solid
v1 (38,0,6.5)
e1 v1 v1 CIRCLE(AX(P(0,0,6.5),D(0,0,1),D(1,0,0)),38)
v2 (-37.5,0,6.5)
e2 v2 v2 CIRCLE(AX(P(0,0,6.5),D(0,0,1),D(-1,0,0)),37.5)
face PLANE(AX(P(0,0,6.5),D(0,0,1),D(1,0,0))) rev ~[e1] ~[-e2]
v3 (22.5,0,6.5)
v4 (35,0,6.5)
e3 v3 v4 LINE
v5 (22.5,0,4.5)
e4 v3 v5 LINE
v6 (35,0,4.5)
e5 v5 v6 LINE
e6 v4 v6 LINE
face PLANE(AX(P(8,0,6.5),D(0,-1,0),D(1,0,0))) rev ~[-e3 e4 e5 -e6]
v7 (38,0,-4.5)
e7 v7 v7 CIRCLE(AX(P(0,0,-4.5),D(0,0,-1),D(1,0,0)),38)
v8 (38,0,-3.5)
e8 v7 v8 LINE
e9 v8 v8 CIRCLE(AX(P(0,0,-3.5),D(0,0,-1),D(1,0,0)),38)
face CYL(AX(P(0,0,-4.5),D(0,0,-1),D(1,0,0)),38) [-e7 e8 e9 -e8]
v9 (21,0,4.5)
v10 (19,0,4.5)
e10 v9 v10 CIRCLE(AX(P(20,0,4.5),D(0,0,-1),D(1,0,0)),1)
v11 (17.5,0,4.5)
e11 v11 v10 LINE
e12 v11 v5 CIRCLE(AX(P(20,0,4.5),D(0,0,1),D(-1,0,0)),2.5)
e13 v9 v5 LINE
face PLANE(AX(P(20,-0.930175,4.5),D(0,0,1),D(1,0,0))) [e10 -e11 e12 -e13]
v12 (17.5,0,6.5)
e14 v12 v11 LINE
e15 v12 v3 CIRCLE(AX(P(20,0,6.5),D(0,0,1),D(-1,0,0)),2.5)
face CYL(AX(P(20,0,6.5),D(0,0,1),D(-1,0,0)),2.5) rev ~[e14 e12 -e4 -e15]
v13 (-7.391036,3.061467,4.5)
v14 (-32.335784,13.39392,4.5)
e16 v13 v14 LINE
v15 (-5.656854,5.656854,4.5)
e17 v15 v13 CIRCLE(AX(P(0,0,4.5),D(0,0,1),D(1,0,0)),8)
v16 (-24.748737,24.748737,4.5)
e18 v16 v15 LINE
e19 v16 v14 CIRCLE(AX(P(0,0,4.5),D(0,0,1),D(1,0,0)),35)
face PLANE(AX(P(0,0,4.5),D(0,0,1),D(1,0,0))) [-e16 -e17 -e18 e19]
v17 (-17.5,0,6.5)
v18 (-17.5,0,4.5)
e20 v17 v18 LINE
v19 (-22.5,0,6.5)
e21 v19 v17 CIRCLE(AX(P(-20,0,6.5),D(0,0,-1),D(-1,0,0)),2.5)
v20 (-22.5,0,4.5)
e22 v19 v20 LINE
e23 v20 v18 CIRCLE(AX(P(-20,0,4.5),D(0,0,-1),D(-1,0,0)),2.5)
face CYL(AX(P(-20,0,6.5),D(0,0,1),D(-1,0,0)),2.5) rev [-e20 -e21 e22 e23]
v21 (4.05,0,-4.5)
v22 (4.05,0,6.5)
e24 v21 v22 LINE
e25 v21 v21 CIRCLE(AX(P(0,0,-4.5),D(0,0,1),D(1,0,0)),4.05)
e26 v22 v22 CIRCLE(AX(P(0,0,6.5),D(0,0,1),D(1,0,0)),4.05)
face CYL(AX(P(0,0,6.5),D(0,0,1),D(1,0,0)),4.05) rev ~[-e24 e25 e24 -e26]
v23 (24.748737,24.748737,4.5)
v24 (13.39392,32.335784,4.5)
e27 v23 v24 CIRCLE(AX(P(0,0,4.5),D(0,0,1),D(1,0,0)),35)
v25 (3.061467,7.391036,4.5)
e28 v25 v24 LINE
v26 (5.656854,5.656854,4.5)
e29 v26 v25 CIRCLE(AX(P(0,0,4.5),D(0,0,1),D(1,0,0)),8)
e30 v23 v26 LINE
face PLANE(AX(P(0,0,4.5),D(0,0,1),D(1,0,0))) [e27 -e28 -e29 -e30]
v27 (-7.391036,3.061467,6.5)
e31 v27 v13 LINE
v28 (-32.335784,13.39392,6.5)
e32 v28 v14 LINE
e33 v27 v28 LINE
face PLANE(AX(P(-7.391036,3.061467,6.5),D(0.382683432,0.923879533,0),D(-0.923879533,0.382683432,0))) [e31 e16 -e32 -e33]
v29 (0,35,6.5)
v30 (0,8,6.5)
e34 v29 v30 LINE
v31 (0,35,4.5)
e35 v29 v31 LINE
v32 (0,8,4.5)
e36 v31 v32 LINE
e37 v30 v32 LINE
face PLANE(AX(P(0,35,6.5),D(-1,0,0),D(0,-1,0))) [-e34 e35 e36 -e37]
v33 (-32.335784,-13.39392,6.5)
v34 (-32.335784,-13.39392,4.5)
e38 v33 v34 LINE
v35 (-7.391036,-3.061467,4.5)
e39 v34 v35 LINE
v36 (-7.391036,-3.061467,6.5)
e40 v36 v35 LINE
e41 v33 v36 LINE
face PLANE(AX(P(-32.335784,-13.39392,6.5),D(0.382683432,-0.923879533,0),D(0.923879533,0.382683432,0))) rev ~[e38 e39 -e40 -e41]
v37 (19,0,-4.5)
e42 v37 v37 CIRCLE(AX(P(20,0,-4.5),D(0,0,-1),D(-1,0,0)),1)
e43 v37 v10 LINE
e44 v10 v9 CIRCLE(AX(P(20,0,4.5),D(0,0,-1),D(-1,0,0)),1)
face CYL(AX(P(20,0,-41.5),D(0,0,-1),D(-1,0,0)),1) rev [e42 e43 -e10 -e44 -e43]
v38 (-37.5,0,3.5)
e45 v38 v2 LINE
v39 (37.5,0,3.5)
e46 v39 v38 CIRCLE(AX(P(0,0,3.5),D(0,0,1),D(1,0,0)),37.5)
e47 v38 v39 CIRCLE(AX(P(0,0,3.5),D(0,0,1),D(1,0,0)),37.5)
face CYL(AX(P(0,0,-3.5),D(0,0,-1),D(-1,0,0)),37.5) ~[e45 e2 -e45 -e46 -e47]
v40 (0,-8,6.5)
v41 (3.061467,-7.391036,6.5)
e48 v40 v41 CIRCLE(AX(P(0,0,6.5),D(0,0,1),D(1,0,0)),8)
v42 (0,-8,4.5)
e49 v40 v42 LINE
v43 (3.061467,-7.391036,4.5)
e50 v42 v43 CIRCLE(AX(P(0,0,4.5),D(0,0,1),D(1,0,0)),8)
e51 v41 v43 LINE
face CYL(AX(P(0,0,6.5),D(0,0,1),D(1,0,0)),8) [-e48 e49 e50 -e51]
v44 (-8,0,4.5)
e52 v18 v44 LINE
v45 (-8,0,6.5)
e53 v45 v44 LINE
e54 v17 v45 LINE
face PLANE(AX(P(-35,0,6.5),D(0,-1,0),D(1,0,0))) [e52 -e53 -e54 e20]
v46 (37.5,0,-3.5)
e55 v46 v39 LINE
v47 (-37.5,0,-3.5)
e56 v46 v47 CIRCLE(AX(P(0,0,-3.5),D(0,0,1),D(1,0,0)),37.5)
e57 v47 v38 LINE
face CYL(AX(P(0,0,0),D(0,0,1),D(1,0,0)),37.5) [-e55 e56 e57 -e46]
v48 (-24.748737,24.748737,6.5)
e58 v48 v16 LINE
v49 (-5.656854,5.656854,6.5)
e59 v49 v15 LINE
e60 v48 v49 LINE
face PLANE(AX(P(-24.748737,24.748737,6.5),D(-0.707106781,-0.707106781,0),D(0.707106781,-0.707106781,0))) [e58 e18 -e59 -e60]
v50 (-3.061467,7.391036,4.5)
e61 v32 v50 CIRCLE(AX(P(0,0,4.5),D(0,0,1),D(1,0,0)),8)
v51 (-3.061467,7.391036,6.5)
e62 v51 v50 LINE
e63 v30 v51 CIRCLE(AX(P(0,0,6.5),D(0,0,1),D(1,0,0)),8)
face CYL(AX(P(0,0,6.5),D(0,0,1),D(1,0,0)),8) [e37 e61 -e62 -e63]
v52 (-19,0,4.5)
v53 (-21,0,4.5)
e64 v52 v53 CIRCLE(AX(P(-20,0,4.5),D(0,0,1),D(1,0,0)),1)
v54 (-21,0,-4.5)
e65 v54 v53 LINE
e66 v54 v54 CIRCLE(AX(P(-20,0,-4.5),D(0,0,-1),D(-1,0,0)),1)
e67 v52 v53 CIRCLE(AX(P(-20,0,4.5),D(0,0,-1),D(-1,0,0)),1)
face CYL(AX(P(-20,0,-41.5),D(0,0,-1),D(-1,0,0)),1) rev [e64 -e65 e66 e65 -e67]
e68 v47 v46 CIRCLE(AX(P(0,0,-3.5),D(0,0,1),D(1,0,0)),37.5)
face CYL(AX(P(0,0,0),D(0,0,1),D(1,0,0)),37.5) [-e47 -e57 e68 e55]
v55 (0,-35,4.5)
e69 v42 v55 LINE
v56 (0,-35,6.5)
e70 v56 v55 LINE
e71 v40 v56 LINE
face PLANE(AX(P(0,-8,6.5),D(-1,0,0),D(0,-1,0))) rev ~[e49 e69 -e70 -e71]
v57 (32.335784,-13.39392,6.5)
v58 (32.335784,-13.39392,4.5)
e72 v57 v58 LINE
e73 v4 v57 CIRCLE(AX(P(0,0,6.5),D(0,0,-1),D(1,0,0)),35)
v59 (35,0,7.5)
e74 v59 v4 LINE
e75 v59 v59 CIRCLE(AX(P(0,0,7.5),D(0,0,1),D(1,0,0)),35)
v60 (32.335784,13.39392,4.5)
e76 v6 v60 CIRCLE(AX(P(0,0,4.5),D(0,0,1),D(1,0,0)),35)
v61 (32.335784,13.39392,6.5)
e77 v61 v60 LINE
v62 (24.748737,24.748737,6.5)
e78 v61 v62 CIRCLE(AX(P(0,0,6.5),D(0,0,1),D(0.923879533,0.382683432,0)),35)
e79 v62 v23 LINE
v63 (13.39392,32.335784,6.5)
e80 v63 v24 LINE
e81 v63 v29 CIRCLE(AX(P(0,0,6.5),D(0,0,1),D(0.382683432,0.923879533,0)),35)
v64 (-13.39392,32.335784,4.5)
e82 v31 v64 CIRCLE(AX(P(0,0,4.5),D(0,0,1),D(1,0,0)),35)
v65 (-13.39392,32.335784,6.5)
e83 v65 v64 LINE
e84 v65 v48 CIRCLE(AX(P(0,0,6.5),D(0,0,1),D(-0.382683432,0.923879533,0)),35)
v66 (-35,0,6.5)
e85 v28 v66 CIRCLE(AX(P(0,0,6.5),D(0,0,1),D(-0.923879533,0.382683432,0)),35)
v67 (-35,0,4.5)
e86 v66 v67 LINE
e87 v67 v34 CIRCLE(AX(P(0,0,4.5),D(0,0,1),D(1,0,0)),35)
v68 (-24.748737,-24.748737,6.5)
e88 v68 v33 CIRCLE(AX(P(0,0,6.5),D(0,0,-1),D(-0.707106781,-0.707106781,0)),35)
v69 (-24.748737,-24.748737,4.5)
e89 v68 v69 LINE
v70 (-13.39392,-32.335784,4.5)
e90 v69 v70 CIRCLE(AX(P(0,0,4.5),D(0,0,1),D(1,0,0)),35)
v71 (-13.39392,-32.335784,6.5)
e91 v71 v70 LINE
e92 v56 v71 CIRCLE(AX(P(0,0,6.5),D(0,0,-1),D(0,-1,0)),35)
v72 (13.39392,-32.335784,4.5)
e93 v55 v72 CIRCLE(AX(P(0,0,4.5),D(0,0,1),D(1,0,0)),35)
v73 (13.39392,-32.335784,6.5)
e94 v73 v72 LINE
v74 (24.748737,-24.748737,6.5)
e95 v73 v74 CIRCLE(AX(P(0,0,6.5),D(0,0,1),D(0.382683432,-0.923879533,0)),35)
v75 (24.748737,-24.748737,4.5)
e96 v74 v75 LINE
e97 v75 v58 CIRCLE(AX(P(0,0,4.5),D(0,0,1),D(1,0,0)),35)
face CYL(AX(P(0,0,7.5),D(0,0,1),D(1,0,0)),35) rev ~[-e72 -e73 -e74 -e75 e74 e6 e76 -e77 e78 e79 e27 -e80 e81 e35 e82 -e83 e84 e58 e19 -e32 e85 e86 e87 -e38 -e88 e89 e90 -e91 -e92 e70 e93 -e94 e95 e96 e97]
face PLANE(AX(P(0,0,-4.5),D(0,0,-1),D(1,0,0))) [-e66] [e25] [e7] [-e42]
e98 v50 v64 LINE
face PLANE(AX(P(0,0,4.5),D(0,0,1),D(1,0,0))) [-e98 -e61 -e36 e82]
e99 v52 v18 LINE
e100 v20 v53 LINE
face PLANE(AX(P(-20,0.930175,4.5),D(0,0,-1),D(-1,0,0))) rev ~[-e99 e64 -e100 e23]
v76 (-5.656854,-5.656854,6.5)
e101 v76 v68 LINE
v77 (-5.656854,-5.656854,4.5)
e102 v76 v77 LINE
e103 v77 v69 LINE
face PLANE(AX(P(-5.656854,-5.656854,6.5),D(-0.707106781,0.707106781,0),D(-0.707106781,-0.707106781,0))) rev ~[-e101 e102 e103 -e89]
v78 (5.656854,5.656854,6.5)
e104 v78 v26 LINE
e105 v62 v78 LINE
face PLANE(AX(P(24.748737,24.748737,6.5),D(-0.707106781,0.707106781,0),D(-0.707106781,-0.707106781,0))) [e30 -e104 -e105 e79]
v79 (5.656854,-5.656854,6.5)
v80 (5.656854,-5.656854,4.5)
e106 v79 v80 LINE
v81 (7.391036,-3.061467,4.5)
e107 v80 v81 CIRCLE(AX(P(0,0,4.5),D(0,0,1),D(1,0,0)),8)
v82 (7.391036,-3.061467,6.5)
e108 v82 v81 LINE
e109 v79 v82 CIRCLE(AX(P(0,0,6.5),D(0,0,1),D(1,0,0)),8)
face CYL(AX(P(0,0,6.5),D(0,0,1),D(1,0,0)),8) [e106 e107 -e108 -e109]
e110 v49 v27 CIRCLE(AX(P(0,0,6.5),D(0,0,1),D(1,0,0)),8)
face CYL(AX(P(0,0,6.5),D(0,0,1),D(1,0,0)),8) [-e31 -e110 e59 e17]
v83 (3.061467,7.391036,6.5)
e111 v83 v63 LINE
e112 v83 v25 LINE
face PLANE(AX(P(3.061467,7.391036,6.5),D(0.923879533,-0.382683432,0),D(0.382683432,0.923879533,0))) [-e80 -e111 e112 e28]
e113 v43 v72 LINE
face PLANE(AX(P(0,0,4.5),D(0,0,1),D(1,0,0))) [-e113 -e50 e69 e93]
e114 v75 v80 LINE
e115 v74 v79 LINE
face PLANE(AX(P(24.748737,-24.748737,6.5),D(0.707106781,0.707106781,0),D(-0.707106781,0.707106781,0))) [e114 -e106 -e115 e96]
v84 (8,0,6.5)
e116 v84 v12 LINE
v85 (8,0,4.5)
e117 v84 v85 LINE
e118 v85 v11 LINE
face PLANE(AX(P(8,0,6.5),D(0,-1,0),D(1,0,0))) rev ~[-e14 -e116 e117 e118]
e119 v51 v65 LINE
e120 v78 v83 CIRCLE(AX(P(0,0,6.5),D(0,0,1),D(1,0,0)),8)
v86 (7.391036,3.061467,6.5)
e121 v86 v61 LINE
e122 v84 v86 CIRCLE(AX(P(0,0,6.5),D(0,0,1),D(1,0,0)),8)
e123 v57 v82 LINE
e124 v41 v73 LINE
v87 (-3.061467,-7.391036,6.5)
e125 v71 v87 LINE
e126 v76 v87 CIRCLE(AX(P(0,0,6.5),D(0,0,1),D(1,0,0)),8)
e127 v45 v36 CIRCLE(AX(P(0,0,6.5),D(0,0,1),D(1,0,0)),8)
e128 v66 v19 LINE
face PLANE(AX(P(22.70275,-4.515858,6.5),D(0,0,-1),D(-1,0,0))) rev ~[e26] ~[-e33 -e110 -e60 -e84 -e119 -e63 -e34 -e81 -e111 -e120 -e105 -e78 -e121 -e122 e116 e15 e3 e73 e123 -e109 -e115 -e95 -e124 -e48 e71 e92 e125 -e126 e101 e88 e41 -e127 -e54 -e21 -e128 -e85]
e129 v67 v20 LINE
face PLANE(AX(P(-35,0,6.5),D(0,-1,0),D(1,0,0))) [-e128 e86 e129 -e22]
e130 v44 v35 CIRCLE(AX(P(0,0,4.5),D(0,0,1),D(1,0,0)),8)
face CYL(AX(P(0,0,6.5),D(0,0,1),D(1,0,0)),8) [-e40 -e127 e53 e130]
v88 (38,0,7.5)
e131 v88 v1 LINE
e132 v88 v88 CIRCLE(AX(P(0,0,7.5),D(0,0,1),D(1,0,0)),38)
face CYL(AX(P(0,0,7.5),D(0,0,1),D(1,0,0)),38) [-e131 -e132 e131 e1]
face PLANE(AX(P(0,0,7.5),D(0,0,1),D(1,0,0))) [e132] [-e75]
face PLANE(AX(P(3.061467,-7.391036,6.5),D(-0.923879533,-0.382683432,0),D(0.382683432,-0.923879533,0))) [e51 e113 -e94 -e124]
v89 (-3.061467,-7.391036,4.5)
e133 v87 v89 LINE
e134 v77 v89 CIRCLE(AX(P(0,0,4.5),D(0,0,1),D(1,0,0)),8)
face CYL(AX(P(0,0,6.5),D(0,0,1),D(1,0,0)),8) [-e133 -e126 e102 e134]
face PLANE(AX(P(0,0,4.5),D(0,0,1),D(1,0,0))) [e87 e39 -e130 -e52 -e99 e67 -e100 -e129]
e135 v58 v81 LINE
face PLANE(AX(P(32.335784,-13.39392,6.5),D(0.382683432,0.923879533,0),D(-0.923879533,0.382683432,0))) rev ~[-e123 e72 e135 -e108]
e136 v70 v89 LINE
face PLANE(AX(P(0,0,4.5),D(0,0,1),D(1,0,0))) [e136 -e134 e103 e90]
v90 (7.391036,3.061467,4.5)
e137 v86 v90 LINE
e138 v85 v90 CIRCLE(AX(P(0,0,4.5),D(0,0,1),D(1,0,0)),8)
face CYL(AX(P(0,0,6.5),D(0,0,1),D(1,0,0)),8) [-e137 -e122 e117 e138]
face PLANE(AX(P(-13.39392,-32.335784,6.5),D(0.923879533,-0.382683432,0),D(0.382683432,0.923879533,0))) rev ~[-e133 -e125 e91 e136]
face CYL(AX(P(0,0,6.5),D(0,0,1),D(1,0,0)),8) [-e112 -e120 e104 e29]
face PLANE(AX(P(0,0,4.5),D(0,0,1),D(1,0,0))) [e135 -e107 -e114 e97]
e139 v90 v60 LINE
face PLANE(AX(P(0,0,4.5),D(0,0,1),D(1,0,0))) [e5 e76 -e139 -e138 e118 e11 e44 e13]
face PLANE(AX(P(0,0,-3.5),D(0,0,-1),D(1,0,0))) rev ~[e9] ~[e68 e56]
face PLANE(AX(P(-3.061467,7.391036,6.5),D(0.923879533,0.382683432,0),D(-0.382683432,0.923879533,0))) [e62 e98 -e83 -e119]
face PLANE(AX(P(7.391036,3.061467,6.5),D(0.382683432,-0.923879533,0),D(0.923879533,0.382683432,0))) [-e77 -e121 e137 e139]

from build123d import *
from build123d.topology import SkipClean

# Parameters (mm, degrees)
CROQUIS1_R                 = 37.5
SALIENTE_EXTRUIR1_DEPTH    = 3.5
CROQUIS3_R                 = 38
SALIENTE_EXTRUIR2_DEPTH    = 1
SALIENTE_EXTRUIR4_START    = 1
CROQUIS5_R                 = 38
SALIENTE_EXTRUIR4_DEPTH    = 1
CROQUIS6_R                 = 4.05
CORTAR_EXTRUIR1_DEPTH      = 31
SALIENTE_EXTRUIR5_START    = 2
CROQUIS7_R                 = 8
CROQUIS7_R_2               = 4.05
SALIENTE_EXTRUIR5_DEPTH    = 2
SALIENTE_EXTRUIR7_START    = 2
SALIENTE_EXTRUIR7_DEPTH    = 2
SALIENTE_EXTRUIR8_START    = 3
CROQUIS10_R                = 38
CROQUIS10_R_2              = 35
SALIENTE_EXTRUIR8_DEPTH    = 3
CORTAR_EXTRUIR2_DEPTH      = 21
CORTAR_EXTRUIR2_DEPTH_BACK = 48
CROQUIS11_R                = 1
CROQUIS15_OUTSIDE_W        = 99.63
CROQUIS15_OUTSIDE_H        = 99.63
CROQUIS15_OUTSIDE_R        = 37.5
CORTAR_EXTRUIR6_DEPTH      = 10
CORTAR_EXTRUIR10_DEPTH     = 2


with BuildPart() as part:
    # Croquis1 → Saliente-Extruir1 (new, symmetric)
    with BuildSketch(Plane.XY):
        Circle(CROQUIS1_R)
    extrude(amount=SALIENTE_EXTRUIR1_DEPTH, both=True)

    # Croquis3 → Saliente-Extruir2 (add)
    with BuildSketch(Plane.XY.offset(3.5)):
        Circle(CROQUIS3_R)
    extrude(amount=SALIENTE_EXTRUIR2_DEPTH)

    # Croquis5 → Saliente-Extruir4 (add)
    with BuildSketch(Plane(origin=(0, 0, -3.5), x_dir=(-1, 0, 0), z_dir=(0, 0, -1)).offset(SALIENTE_EXTRUIR4_START)):
        with Locations(Location((0, 0, 0), (0, 0, 180))):
            Circle(CROQUIS5_R)
    extrude(amount=-SALIENTE_EXTRUIR4_DEPTH)

    # Croquis6 → Cortar-Extruir1 (cut)
    with BuildSketch(Plane.XY.offset(4.5)):
        Circle(CROQUIS6_R)
    extrude(amount=-CORTAR_EXTRUIR1_DEPTH, mode=Mode.SUBTRACT)

    # Croquis7 → Saliente-Extruir5 (add)
    with BuildSketch(Plane.XY.offset(4.5).offset(SALIENTE_EXTRUIR5_START)):
        Circle(CROQUIS7_R)
        Circle(CROQUIS7_R_2, mode=Mode.SUBTRACT)
    extrude(amount=-SALIENTE_EXTRUIR5_DEPTH)

    # Croquis9 → Saliente-Extruir7 (add)
    with BuildSketch(Plane.XY.offset(4.5).offset(SALIENTE_EXTRUIR7_START)):
        with BuildLine():
            Line((0, 35), (0, 8))
            ThreePointArc((0, 8), (1.560722576, 7.846282243), (3.061467459, 7.39103626))
            Line((3.061467459, 7.39103626), (13.393920133, 32.335783638))
            ThreePointArc((13.393920133, 32.335783638), (6.828161271, 34.327484814), (0, 35))
        make_face()
        with BuildLine():
            Line((-35, 0), (-8, 0))
            ThreePointArc((-8, 0), (-7.846282243, 1.560722576), (-7.39103626, 3.061467459))
            Line((-7.39103626, 3.061467459), (-32.335783638, 13.393920133))
            ThreePointArc((-32.335783638, 13.393920133), (-34.327484814, 6.828161271), (-35, 0))
        make_face()
        with BuildLine():
            Line((-24.748737342, 24.748737342), (-5.656854249, 5.656854249))
            ThreePointArc((-5.656854249, 5.656854249), (-4.444561864, 6.651756898), (-3.061467459, 7.39103626))
            Line((-3.061467459, 7.39103626), (-13.393920133, 32.335783638))
            ThreePointArc((-13.393920133, 32.335783638), (-19.444958156, 29.101436431), (-24.748737342, 24.748737342))
        make_face()
        with BuildLine():
            Line((24.748737342, 24.748737342), (5.656854249, 5.656854249))
            ThreePointArc((5.656854249, 5.656854249), (6.651756898, 4.444561864), (7.39103626, 3.061467459))
            Line((7.39103626, 3.061467459), (32.335783638, 13.393920133))
            ThreePointArc((32.335783638, 13.393920133), (29.101436431, 19.444958156), (24.748737342, 24.748737342))
        make_face()
        with BuildLine():
            Line((-5.656854249, -5.656854249), (-24.748737342, -24.748737342))
            ThreePointArc((-24.748737342, -24.748737342), (-29.101436431, -19.444958156), (-32.335783638, -13.393920133))
            Line((-32.335783638, -13.393920133), (-7.39103626, -3.061467459))
            ThreePointArc((-7.39103626, -3.061467459), (-6.651756898, -4.444561864), (-5.656854249, -5.656854249))
        make_face()
        with BuildLine():
            Line((8, 0), (35, 0))
            ThreePointArc((35, 0), (34.327484814, -6.828161271), (32.335783638, -13.393920133))
            Line((32.335783638, -13.393920133), (7.39103626, -3.061467459))
            ThreePointArc((7.39103626, -3.061467459), (7.846282243, -1.560722576), (8, 0))
        make_face()
        with BuildLine():
            Line((0, -8), (0, -35))
            ThreePointArc((0, -35), (-6.828161271, -34.327484814), (-13.393920133, -32.335783638))
            Line((-13.393920133, -32.335783638), (-3.061467459, -7.39103626))
            ThreePointArc((-3.061467459, -7.39103626), (-1.560722576, -7.846282243), (0, -8))
        make_face()
        with BuildLine():
            Line((3.061467459, -7.39103626), (13.393920133, -32.335783638))
            ThreePointArc((13.393920133, -32.335783638), (19.444958156, -29.101436431), (24.748737342, -24.748737342))
            Line((24.748737342, -24.748737342), (5.656854249, -5.656854249))
            ThreePointArc((5.656854249, -5.656854249), (4.444561864, -6.651756898), (3.061467459, -7.39103626))
        make_face()
    extrude(amount=-SALIENTE_EXTRUIR7_DEPTH)

    # Croquis10 → Saliente-Extruir8 (add)
    with BuildSketch(Plane.XY.offset(4.5).offset(SALIENTE_EXTRUIR8_START)):
        Circle(CROQUIS10_R)
        Circle(CROQUIS10_R_2, mode=Mode.SUBTRACT)
    extrude(amount=-SALIENTE_EXTRUIR8_DEPTH)

    # Croquis11 → Cortar-Extruir2 (cut, two sides: drawn at the far end of the back side and taken through both)
    with BuildSketch(Plane.XY.offset(6.5).offset(-CORTAR_EXTRUIR2_DEPTH_BACK)):
        with Locations(Location((-20, 0, 0), (0, 0, 180))):
            Circle(CROQUIS11_R)
        with Locations(Location((20, 0, 0), (0, 0, 180))):
            Circle(CROQUIS11_R)
    extrude(amount=CORTAR_EXTRUIR2_DEPTH + CORTAR_EXTRUIR2_DEPTH_BACK, mode=Mode.SUBTRACT)

    # Croquis15 outside → Cortar-Extruir6 (cut)
    with SkipClean():  # the faces are left unmerged after this step: merging them gives an invalid solid
        with BuildSketch(Plane.XY.offset(-3.5)):
            Rectangle(CROQUIS15_OUTSIDE_W, CROQUIS15_OUTSIDE_H)
            with Locations(Location((0, 0, 0), (0, 0, 180))):
                Circle(CROQUIS15_OUTSIDE_R, mode=Mode.SUBTRACT)
        extrude(amount=CORTAR_EXTRUIR6_DEPTH, mode=Mode.SUBTRACT)

    # Croquis17 → Cortar-Extruir10 (cut)
    with SkipClean():  # the faces are left unmerged after this step: merging them gives an invalid solid
        with BuildSketch(Plane.XY.offset(6.5)):
            with BuildLine():
                Line((22.5, 0), (21, 0))
                ThreePointArc((21, 0), (20, -1), (19, 0))
                Line((19, 0), (17.5, 0))
                ThreePointArc((17.5, 0), (20, -2.5), (22.5, 0))
            make_face()
            with BuildLine():
                Line((-21, 0), (-22.5, 0))
                ThreePointArc((-22.5, 0), (-20, 2.5), (-17.5, 0))
                Line((-17.5, 0), (-19, 0))
                ThreePointArc((-19, 0), (-20, 1), (-21, 0))
            make_face()
        extrude(amount=-CORTAR_EXTRUIR10_DEPTH, mode=Mode.SUBTRACT)


solid = part.part
